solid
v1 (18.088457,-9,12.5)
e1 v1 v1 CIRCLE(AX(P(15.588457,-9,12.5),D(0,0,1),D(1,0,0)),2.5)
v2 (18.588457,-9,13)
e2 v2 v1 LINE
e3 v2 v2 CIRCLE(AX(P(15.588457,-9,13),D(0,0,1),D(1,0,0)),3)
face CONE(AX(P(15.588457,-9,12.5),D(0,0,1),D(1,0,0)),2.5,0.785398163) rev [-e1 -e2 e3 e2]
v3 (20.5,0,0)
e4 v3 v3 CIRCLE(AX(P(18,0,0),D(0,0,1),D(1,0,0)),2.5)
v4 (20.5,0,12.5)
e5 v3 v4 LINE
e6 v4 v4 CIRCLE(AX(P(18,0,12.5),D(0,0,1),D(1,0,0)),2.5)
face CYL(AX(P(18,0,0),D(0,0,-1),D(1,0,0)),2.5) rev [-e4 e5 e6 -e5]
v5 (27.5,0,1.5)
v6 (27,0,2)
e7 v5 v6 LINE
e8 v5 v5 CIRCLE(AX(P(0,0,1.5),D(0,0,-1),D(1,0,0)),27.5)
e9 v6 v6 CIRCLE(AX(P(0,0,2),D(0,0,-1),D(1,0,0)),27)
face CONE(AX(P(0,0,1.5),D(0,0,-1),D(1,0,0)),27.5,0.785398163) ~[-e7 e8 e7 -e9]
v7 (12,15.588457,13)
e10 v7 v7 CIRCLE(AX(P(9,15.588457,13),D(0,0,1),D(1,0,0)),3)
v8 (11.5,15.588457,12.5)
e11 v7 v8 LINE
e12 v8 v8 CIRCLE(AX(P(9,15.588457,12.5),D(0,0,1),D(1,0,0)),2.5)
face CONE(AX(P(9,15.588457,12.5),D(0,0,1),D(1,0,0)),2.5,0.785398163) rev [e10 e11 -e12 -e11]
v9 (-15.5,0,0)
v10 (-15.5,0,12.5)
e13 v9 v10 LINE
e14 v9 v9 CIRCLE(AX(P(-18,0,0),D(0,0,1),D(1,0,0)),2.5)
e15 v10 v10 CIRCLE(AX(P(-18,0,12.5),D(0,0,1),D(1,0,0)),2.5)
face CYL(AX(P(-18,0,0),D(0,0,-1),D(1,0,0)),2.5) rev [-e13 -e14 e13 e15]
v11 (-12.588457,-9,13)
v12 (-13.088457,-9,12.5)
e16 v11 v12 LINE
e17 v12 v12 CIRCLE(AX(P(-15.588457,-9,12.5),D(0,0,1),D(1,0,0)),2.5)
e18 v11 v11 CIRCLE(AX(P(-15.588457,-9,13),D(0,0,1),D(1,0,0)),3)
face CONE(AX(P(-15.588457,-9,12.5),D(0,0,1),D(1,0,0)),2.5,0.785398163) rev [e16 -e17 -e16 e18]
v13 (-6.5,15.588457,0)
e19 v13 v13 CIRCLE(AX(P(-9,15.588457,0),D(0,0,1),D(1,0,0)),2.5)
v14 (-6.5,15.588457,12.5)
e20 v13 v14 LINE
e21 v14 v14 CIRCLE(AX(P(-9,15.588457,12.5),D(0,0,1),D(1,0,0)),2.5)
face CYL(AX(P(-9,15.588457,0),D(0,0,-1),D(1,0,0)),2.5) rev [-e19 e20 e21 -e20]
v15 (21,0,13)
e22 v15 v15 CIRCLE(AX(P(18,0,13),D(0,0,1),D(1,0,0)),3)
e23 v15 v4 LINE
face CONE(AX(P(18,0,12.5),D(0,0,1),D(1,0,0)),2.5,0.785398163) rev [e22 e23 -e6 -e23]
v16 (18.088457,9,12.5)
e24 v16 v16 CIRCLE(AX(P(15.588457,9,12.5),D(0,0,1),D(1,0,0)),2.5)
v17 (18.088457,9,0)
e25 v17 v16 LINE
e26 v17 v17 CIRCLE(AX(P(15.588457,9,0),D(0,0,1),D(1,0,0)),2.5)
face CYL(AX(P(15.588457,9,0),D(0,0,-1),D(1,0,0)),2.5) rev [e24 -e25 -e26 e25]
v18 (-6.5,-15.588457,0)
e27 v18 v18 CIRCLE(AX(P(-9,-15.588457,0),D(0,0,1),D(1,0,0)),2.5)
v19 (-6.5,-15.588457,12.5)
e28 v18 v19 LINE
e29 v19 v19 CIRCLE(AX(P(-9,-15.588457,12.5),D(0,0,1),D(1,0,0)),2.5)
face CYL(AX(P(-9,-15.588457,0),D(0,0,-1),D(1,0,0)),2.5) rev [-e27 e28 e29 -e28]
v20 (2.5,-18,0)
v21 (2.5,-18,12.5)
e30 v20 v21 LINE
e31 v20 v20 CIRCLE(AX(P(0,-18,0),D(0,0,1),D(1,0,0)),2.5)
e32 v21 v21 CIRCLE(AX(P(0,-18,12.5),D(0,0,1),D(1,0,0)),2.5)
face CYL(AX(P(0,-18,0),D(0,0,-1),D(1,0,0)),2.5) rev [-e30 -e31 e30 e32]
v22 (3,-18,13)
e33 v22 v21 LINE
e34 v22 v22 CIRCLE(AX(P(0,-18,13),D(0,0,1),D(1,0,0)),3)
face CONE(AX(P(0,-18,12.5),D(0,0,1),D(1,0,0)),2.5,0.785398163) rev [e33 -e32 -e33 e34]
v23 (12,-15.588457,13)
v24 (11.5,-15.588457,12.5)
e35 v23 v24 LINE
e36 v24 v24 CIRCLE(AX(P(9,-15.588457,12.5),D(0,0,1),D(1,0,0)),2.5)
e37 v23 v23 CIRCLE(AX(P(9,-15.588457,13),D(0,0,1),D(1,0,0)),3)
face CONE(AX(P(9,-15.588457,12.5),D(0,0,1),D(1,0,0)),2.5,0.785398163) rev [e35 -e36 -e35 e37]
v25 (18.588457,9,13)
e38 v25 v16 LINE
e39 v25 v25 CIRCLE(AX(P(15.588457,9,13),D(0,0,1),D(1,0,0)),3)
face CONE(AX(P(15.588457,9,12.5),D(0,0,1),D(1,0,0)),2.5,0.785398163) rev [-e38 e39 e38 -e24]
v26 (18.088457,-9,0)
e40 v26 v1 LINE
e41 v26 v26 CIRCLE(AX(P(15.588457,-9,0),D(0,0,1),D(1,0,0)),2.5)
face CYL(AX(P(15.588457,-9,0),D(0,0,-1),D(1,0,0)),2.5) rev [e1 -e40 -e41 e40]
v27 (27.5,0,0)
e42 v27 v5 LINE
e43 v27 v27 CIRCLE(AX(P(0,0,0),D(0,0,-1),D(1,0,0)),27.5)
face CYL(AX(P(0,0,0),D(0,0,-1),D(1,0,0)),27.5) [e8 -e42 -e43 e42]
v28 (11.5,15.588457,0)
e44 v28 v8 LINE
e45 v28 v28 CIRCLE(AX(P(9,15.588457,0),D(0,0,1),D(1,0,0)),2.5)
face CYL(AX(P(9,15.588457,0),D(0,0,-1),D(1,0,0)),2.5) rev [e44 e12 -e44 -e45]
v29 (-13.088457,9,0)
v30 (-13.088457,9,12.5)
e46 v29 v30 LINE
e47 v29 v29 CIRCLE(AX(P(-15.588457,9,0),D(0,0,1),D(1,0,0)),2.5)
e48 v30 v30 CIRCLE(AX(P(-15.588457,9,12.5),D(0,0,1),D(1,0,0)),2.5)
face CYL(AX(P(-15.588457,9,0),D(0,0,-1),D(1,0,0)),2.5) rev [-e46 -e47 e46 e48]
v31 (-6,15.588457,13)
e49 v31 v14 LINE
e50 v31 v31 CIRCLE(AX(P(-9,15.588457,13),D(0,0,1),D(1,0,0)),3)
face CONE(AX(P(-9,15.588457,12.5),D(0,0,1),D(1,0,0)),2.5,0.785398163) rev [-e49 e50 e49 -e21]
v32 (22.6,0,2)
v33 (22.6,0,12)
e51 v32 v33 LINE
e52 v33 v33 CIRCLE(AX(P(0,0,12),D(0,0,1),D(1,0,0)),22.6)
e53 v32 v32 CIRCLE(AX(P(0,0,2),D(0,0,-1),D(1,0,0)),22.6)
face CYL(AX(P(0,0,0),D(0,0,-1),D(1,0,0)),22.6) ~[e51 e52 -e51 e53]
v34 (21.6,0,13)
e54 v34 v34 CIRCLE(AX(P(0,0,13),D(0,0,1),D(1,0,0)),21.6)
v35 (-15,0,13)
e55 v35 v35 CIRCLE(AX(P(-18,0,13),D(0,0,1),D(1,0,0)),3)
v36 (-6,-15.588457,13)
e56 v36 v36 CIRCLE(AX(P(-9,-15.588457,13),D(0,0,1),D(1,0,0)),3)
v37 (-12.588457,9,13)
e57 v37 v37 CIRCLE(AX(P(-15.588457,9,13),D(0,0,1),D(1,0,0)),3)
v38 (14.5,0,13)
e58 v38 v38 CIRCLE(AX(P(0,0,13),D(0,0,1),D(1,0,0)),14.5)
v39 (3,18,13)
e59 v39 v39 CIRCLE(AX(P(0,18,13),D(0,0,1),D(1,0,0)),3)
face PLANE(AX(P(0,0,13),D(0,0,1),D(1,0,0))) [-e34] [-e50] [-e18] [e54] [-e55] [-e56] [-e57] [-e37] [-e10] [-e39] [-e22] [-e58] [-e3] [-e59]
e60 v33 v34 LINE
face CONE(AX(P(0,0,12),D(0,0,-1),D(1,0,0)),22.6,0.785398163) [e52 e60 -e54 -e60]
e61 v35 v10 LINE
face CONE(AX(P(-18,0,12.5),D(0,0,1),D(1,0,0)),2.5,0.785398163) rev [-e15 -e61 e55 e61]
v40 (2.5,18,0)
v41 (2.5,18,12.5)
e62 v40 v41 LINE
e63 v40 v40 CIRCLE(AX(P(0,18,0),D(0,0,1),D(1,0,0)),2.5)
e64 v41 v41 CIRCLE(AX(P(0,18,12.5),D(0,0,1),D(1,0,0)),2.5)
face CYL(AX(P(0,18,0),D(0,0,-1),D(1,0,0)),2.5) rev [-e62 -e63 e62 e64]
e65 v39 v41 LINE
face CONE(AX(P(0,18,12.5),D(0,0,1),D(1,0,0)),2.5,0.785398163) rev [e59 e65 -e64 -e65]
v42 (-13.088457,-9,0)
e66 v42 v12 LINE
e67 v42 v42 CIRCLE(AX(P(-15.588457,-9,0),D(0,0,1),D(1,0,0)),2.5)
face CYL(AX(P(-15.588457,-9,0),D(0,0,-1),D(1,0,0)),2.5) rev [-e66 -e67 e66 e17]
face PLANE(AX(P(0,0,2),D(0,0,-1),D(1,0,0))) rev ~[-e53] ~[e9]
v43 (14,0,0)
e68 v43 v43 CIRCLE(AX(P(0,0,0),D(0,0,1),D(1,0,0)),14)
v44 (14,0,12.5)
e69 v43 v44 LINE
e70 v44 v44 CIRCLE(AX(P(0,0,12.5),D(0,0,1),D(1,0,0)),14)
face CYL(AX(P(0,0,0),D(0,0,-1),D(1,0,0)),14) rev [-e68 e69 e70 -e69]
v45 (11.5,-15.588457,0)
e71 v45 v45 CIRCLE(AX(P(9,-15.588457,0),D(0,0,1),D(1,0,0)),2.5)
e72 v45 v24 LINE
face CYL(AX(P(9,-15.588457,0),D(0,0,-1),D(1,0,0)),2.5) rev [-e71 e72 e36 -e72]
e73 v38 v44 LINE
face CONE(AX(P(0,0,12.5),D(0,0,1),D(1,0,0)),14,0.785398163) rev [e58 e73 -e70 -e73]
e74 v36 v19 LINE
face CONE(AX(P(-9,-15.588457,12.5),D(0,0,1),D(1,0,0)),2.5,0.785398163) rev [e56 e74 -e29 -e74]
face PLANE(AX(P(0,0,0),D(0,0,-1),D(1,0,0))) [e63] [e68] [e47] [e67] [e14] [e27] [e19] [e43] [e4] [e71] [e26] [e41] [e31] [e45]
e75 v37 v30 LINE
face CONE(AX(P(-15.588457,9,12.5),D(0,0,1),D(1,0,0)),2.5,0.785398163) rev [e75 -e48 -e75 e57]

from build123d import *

# Parameters (mm, degrees)
SKETCH_R        = 22.6
SKETCH_R_2      = 14
SKETCH_R_3      = 2.5
PAD_DEPTH       = 13
SKETCH001_R     = 27.5
SKETCH001_R_2   = 22.5
PAD001_DEPTH    = 2
CHAMFER_SIZE    = 0.5
CHAMFER001_SIZE = 1
CHAMFER002_SIZE = 0.5
CHAMFER003_SIZE = 0.5


with BuildPart() as part:
    # Sketch → Pad (new body)
    with BuildSketch(Plane.XY):
        Circle(SKETCH_R)
        Circle(SKETCH_R_2, mode=Mode.SUBTRACT)
        with Locations((0, 18)):
            Circle(SKETCH_R_3, mode=Mode.SUBTRACT)
        with Locations((-15.588457, -9)):
            Circle(SKETCH_R_3, mode=Mode.SUBTRACT)
        with Locations((15.588457, -9)):
            Circle(SKETCH_R_3, mode=Mode.SUBTRACT)
        with Locations((0, -18)):
            Circle(SKETCH_R_3, mode=Mode.SUBTRACT)
        with Locations((-15.588457, 9)):
            Circle(SKETCH_R_3, mode=Mode.SUBTRACT)
        with Locations((15.588457, 9)):
            Circle(SKETCH_R_3, mode=Mode.SUBTRACT)
        with Locations((-9, 15.588457)):
            Circle(SKETCH_R_3, mode=Mode.SUBTRACT)
        with Locations((9, -15.588457)):
            Circle(SKETCH_R_3, mode=Mode.SUBTRACT)
        with Locations((9, 15.588457)):
            Circle(SKETCH_R_3, mode=Mode.SUBTRACT)
        with Locations((-9, -15.588457)):
            Circle(SKETCH_R_3, mode=Mode.SUBTRACT)
        with Locations((18, 0)):
            Circle(SKETCH_R_3, mode=Mode.SUBTRACT)
        with Locations((-18, 0)):
            Circle(SKETCH_R_3, mode=Mode.SUBTRACT)
    extrude(amount=PAD_DEPTH)

    # Sketch001 (on Face15 of Pad) → Pad001 (join)
    with BuildSketch(Plane(origin=(0, 0, 0), x_dir=(1, 0, 0), z_dir=(0, 0, -1))):
        Circle(SKETCH001_R)
        Circle(SKETCH001_R_2, mode=Mode.SUBTRACT)
    extrude(amount=-PAD001_DEPTH)

    # Chamfer
    chamfer_edges = [part.edges().sort_by_distance(p)[0] for p in [
        (-27.5, 0, 2),
    ]]
    chamfer(chamfer_edges, length=CHAMFER_SIZE)

    # Chamfer001
    chamfer001_edges = [part.edges().sort_by_distance(p)[0] for p in [
        (-22.6, 0, 13),
    ]]
    chamfer(chamfer001_edges, length=CHAMFER001_SIZE)

    # Chamfer002
    chamfer002_edges = [part.edges().sort_by_distance(p)[0] for p in [
        (13.088457, -9, 13),
        (-11.5, 15.588457, 13),
        (-18.088457, 9, 13),
        (-11.5, -15.588457, 13),
        (6.5, 15.588457, 13),
        (-18.088457, -9, 13),
        (-2.5, 18, 13),
        (-20.5, 0, 13),
        (6.5, -15.588457, 13),
        (15.5, 0, 13),
        (-2.5, -18, 13),
        (13.088457, 9, 13),
    ]]
    chamfer(chamfer002_edges, length=CHAMFER002_SIZE)

    # Chamfer003
    chamfer003_edges = [part.edges().sort_by_distance(p)[0] for p in [
        (-14, 0, 13),
    ]]
    chamfer(chamfer003_edges, length=CHAMFER003_SIZE)


solid = part.part
